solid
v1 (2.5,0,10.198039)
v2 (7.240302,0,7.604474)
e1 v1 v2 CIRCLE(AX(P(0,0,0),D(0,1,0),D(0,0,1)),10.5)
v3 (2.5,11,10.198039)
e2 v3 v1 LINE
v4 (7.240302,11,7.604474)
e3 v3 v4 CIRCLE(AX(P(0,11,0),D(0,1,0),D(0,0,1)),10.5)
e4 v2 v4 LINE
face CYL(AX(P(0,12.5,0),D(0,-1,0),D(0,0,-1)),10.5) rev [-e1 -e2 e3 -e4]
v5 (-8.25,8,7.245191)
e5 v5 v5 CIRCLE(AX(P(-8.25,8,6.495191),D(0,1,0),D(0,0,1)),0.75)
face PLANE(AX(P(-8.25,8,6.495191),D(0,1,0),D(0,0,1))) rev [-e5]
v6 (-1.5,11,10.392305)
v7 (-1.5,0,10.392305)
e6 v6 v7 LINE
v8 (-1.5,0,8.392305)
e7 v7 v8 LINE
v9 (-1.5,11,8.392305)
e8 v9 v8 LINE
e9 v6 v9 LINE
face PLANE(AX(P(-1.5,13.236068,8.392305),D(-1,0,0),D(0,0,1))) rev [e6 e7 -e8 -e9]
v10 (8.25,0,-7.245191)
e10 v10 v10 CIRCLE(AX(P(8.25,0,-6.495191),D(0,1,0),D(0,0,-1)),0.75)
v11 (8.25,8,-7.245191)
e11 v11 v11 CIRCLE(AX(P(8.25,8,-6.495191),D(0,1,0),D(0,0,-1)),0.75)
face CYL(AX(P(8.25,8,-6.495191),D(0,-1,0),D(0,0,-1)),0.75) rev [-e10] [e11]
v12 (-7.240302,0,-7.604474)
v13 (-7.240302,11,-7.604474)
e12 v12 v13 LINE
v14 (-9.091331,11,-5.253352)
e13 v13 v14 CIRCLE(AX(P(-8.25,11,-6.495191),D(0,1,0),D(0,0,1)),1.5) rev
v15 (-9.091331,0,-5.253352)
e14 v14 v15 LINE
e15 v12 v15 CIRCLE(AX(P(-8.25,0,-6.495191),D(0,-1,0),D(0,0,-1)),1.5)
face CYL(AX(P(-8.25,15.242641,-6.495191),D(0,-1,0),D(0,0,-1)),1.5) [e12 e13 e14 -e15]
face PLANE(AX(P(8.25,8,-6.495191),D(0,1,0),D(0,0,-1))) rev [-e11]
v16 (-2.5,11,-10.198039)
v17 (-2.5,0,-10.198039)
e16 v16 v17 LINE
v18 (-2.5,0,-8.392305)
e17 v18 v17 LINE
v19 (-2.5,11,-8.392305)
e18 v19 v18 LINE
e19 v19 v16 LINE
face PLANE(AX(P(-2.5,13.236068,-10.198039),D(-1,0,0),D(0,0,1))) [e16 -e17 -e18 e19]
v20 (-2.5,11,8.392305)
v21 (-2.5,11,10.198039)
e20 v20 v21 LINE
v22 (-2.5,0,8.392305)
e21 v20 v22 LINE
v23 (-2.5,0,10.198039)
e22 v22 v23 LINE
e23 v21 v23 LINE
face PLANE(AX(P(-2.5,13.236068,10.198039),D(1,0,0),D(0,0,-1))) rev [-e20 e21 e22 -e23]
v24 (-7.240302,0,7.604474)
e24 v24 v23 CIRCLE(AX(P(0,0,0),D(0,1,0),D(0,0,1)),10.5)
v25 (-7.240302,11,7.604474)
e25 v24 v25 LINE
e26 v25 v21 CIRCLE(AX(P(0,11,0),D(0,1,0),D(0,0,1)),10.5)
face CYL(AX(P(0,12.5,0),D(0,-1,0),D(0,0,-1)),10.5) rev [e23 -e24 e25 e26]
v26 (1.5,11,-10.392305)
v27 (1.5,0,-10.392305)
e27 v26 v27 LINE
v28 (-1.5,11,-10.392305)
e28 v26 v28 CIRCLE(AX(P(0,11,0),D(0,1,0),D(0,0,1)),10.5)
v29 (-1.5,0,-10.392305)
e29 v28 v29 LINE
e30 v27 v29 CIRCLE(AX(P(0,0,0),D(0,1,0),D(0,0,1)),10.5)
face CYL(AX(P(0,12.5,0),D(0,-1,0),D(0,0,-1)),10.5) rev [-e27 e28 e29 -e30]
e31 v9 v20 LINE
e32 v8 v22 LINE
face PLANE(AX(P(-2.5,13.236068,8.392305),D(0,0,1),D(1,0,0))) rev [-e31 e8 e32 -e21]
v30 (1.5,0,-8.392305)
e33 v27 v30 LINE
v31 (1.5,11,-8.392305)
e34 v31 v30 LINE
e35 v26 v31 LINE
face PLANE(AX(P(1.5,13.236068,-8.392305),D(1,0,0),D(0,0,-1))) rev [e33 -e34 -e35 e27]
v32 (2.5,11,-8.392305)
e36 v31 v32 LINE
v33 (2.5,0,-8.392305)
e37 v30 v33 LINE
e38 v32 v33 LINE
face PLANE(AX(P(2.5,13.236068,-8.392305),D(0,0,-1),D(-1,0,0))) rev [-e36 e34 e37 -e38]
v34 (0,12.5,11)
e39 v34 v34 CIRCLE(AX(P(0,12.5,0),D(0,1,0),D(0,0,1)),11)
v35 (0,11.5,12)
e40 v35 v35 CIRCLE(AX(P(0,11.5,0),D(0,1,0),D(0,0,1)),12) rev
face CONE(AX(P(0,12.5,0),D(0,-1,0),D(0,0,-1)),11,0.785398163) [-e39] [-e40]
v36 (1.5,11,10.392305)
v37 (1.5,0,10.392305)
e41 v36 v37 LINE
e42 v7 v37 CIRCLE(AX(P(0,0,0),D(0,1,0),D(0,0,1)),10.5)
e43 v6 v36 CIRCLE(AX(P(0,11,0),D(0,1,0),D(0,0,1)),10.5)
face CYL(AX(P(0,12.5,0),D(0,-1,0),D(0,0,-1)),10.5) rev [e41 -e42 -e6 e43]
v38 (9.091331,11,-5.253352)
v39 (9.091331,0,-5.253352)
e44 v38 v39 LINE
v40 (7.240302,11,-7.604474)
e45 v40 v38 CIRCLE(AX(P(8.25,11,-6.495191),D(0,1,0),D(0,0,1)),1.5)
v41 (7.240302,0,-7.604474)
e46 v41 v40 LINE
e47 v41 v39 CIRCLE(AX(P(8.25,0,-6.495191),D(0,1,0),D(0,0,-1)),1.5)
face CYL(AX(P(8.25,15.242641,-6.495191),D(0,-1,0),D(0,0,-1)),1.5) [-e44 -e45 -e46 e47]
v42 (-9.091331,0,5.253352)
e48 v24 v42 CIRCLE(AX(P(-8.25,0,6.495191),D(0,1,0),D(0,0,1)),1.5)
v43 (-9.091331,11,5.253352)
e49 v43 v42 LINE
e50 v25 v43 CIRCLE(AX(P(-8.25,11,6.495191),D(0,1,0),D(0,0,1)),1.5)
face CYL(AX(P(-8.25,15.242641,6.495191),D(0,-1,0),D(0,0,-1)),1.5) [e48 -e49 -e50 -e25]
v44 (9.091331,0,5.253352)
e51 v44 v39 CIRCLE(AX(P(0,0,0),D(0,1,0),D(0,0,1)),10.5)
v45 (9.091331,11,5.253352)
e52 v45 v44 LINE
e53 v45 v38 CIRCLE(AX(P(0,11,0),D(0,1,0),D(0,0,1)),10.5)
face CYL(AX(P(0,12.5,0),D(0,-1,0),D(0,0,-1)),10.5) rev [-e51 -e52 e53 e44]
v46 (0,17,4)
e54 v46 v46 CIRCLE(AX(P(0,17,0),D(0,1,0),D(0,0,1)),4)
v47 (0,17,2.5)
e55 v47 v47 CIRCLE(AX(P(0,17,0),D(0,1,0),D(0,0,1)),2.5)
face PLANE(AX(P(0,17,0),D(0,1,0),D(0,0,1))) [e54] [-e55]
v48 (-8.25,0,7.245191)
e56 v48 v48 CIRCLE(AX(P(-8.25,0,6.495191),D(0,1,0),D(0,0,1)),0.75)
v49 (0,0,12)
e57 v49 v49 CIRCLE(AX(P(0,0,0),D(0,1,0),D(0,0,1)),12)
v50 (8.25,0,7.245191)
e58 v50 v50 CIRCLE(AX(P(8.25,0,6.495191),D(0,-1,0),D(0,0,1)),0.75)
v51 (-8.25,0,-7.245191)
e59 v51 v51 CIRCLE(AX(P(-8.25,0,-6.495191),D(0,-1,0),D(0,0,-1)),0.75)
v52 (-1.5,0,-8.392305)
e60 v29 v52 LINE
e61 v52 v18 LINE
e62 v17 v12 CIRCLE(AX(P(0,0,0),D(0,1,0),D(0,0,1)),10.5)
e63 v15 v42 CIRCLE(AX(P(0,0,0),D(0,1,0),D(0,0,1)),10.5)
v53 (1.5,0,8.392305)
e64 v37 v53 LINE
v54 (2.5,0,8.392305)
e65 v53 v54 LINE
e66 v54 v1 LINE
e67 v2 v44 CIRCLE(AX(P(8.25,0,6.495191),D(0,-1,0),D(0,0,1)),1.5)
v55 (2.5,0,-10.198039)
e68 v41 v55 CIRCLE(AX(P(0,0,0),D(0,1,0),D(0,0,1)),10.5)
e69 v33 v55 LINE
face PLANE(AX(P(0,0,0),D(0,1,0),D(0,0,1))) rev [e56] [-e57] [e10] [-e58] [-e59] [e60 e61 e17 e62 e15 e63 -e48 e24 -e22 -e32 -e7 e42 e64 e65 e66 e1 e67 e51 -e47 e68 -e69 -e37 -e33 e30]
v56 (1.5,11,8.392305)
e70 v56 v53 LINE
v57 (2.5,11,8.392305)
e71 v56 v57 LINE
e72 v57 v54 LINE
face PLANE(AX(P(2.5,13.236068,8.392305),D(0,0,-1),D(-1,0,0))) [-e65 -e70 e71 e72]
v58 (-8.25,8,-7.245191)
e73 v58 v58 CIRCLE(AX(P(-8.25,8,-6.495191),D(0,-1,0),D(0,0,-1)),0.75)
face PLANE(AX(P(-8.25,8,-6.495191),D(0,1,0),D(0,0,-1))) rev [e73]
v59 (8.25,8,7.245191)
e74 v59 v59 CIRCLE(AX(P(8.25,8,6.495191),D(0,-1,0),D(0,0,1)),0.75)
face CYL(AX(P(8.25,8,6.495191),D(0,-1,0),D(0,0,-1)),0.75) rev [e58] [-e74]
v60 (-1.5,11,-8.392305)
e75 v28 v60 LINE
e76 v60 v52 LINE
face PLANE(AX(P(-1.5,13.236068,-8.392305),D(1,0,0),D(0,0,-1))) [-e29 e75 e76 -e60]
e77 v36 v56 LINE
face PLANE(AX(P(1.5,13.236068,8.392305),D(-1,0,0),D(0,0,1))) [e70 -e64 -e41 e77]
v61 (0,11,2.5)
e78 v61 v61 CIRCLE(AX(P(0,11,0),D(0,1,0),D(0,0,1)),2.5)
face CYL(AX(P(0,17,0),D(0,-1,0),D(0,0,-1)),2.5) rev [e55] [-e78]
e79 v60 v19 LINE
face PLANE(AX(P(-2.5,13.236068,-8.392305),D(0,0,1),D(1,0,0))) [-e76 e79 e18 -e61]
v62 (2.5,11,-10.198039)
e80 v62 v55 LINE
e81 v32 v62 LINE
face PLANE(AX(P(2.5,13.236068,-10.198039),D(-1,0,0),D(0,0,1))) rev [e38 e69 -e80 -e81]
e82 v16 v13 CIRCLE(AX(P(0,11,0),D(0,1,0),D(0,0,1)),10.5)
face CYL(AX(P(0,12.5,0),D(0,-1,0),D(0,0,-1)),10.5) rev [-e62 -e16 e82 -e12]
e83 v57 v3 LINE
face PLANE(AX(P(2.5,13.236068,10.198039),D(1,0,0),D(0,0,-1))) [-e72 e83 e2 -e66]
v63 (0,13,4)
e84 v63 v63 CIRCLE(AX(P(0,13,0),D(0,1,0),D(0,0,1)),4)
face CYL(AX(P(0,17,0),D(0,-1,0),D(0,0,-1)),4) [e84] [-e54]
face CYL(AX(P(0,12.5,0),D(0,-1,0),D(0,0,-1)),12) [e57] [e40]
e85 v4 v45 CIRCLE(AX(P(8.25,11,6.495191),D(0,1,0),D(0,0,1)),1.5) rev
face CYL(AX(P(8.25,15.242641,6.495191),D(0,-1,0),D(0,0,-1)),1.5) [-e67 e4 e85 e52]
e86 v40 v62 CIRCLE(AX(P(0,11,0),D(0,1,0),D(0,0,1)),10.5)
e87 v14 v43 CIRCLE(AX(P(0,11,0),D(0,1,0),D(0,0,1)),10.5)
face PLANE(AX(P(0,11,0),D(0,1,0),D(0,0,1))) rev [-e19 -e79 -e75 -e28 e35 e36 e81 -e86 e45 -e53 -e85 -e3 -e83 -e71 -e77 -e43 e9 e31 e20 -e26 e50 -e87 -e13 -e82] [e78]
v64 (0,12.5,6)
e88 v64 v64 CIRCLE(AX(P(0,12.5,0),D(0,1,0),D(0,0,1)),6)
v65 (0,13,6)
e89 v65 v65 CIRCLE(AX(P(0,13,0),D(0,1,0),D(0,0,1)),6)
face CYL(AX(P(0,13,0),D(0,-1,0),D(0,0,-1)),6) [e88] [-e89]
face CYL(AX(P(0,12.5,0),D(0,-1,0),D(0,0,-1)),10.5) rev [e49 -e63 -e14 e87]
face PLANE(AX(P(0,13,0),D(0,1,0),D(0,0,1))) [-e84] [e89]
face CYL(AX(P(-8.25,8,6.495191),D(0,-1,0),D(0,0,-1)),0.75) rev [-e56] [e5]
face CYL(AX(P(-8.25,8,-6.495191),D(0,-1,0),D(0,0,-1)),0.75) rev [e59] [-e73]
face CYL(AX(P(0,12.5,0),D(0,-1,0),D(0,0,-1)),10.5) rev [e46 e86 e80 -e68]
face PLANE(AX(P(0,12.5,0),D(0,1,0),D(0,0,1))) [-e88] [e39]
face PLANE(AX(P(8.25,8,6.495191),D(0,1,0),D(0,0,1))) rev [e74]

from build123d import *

# Parameters (mm, degrees)
SKETCH1_R               = 12
BOSS_EXTRUDE1_DEPTH     = 12.5
SKETCH2_R               = 4
BOSS_EXTRUDE2_DEPTH     = 4.5
SHELL1_T                = -1.5
CHAMFER2_SIZE           = 1
SKETCH3_R               = 6
SKETCH3_R_2             = 4
BOSS_EXTRUDE3_DEPTH     = 0.5
BOSS_EXTRUDE4_DEPTH     = 11
MIRROR2_COPY_1_DEPTH    = 11
SKETCH5_R               = 1.5
BOSS_EXTRUDE5_DEPTH     = 11
MIRROR4_COPY_1_SKETCH_R = 1.5
MIRROR4_COPY_1_DEPTH    = 11
SKETCH6_R               = 0.75
CUT_EXTRUDE1_DEPTH      = 8
MIRROR6_COPY_1_SKETCH_R = 0.75
MIRROR6_COPY_1_DEPTH    = 8


with BuildPart() as part:
    # Sketch1 → Boss-Extrude1 (new body)
    with BuildSketch(Plane(origin=(0, 0, 0), x_dir=(1, 0, 0), z_dir=(0, 1, 0))):
        with Locations(Location((0, 0, 0), (0, 0, 270))):
            Circle(SKETCH1_R)
    extrude(amount=BOSS_EXTRUDE1_DEPTH)

    # Sketch2 → Boss-Extrude2 (add)
    with BuildSketch(Plane(origin=(0, 12.5, 0), x_dir=(1, 0, 0), z_dir=(0, 1, 0))):
        with Locations(Location((0, 0, 0), (0, 0, 270))):
            Circle(SKETCH2_R)
    extrude(amount=BOSS_EXTRUDE2_DEPTH)

    # Shell1
    shell1_openings = [part.faces().sort_by_distance(p)[0] for p in [
        (0, 0, 0),
        (0, 17, 0),
    ]]
    offset(amount=SHELL1_T, openings=shell1_openings, kind=Kind.INTERSECTION)

    # Chamfer2
    chamfer2_edges = [part.edges().sort_by_distance(p)[0] for p in [
        (0, 12.5, -12),
    ]]
    chamfer(chamfer2_edges, length=CHAMFER2_SIZE)

    # Sketch3 → Boss-Extrude3 (add)
    with BuildSketch(Plane(origin=(0, 12.5, 0), x_dir=(1, 0, 0), z_dir=(0, 1, 0))):
        with Locations(Location((0, 0, 0), (0, 0, 270))):
            Circle(SKETCH3_R)
        with Locations(Location((0, 0, 0), (0, 0, 270))):
            Circle(SKETCH3_R_2, mode=Mode.SUBTRACT)
    extrude(amount=BOSS_EXTRUDE3_DEPTH)

    # Sketch4 → Boss-Extrude4 (add)
    with BuildSketch(Plane(origin=(0, 0, 0), x_dir=(1, 0, 0), z_dir=(0, 1, 0))):
        with BuildLine():
            Line((-2.5, -10.198039027), (-2.5, -8.392304845))
            Line((-2.5, -8.392304845), (-1.5, -8.392304845))
            Line((-1.5, -8.392304845), (-1.5, -10.392304845))
            ThreePointArc((-1.5, -10.392304845), (-2.002357311, -10.307306399), (-2.5, -10.198039027))
        make_face()
    boss_extrude4 = extrude(amount=BOSS_EXTRUDE4_DEPTH)

    # Mirror1: Boss-Extrude4 across plane
    add(boss_extrude4.mirror(Plane(origin=(0, 0, 0), x_dir=(0, 0, 1), z_dir=(1, 0, 0))))

    # Mirror2: Boss-Extrude4 across plane
    add(boss_extrude4.mirror(Plane.XY))

    # Mirror2 copy 1 sketch → Mirror2 copy 1 (add)
    with BuildSketch(Plane(origin=(0, 0, 0), x_dir=(-1, 0, 0), z_dir=(0, 1, 0))):
        with BuildLine():
            Line((-2.5, -10.198039027), (-2.5, -8.392304845))
            Line((-2.5, -8.392304845), (-1.5, -8.392304845))
            Line((-1.5, -8.392304845), (-1.5, -10.392304845))
            ThreePointArc((-1.5, -10.392304845), (-2.002357311, -10.307306399), (-2.5, -10.198039027))
        make_face()
    extrude(amount=MIRROR2_COPY_1_DEPTH)

    # Sketch5 → Boss-Extrude5 (add)
    with BuildSketch(Plane(origin=(0, 0, 0), x_dir=(1, 0, 0), z_dir=(0, 1, 0))):
        with Locations((-8.25, -6.495190528)):
            Circle(SKETCH5_R)
    boss_extrude5 = extrude(amount=BOSS_EXTRUDE5_DEPTH)

    # Mirror3: Boss-Extrude5 across plane
    add(boss_extrude5.mirror(Plane(origin=(0, 0, 0), x_dir=(0, 0, 1), z_dir=(1, 0, 0))))

    # Mirror4: Boss-Extrude5 across plane
    add(boss_extrude5.mirror(Plane.XY))

    # Mirror4 copy 1 sketch → Mirror4 copy 1 (add)
    with BuildSketch(Plane(origin=(0, 0, 0), x_dir=(-1, 0, 0), z_dir=(0, 1, 0))):
        with Locations((-8.25, -6.495190528)):
            Circle(MIRROR4_COPY_1_SKETCH_R)
    extrude(amount=MIRROR4_COPY_1_DEPTH)

    # Sketch6 → Cut-Extrude1 (cut)
    with BuildSketch(Plane(origin=(0, 0, 0), x_dir=(1, 0, 0), z_dir=(0, 1, 0))):
        with Locations(Location((-8.25, -6.495190528, 0), (0, 0, 270))):
            Circle(SKETCH6_R)
    cut_extrude1 = extrude(amount=CUT_EXTRUDE1_DEPTH, mode=Mode.SUBTRACT)

    # Mirror5: Cut-Extrude1 across plane
    add(cut_extrude1.mirror(Plane(origin=(0, 0, 0), x_dir=(0, 0, 1), z_dir=(1, 0, 0))), mode=Mode.SUBTRACT)

    # Mirror6: Cut-Extrude1 across plane
    add(cut_extrude1.mirror(Plane.XY), mode=Mode.SUBTRACT)

    # Mirror6 copy 1 sketch → Mirror6 copy 1 (cut)
    with BuildSketch(Plane(origin=(0, 0, 0), x_dir=(-1, 0, 0), z_dir=(0, 1, 0))):
        with Locations(Location((-8.25, -6.495190528, 0), (0, 0, 270))):
            Circle(MIRROR6_COPY_1_SKETCH_R)
    extrude(amount=MIRROR6_COPY_1_DEPTH, mode=Mode.SUBTRACT)


solid = part.part
